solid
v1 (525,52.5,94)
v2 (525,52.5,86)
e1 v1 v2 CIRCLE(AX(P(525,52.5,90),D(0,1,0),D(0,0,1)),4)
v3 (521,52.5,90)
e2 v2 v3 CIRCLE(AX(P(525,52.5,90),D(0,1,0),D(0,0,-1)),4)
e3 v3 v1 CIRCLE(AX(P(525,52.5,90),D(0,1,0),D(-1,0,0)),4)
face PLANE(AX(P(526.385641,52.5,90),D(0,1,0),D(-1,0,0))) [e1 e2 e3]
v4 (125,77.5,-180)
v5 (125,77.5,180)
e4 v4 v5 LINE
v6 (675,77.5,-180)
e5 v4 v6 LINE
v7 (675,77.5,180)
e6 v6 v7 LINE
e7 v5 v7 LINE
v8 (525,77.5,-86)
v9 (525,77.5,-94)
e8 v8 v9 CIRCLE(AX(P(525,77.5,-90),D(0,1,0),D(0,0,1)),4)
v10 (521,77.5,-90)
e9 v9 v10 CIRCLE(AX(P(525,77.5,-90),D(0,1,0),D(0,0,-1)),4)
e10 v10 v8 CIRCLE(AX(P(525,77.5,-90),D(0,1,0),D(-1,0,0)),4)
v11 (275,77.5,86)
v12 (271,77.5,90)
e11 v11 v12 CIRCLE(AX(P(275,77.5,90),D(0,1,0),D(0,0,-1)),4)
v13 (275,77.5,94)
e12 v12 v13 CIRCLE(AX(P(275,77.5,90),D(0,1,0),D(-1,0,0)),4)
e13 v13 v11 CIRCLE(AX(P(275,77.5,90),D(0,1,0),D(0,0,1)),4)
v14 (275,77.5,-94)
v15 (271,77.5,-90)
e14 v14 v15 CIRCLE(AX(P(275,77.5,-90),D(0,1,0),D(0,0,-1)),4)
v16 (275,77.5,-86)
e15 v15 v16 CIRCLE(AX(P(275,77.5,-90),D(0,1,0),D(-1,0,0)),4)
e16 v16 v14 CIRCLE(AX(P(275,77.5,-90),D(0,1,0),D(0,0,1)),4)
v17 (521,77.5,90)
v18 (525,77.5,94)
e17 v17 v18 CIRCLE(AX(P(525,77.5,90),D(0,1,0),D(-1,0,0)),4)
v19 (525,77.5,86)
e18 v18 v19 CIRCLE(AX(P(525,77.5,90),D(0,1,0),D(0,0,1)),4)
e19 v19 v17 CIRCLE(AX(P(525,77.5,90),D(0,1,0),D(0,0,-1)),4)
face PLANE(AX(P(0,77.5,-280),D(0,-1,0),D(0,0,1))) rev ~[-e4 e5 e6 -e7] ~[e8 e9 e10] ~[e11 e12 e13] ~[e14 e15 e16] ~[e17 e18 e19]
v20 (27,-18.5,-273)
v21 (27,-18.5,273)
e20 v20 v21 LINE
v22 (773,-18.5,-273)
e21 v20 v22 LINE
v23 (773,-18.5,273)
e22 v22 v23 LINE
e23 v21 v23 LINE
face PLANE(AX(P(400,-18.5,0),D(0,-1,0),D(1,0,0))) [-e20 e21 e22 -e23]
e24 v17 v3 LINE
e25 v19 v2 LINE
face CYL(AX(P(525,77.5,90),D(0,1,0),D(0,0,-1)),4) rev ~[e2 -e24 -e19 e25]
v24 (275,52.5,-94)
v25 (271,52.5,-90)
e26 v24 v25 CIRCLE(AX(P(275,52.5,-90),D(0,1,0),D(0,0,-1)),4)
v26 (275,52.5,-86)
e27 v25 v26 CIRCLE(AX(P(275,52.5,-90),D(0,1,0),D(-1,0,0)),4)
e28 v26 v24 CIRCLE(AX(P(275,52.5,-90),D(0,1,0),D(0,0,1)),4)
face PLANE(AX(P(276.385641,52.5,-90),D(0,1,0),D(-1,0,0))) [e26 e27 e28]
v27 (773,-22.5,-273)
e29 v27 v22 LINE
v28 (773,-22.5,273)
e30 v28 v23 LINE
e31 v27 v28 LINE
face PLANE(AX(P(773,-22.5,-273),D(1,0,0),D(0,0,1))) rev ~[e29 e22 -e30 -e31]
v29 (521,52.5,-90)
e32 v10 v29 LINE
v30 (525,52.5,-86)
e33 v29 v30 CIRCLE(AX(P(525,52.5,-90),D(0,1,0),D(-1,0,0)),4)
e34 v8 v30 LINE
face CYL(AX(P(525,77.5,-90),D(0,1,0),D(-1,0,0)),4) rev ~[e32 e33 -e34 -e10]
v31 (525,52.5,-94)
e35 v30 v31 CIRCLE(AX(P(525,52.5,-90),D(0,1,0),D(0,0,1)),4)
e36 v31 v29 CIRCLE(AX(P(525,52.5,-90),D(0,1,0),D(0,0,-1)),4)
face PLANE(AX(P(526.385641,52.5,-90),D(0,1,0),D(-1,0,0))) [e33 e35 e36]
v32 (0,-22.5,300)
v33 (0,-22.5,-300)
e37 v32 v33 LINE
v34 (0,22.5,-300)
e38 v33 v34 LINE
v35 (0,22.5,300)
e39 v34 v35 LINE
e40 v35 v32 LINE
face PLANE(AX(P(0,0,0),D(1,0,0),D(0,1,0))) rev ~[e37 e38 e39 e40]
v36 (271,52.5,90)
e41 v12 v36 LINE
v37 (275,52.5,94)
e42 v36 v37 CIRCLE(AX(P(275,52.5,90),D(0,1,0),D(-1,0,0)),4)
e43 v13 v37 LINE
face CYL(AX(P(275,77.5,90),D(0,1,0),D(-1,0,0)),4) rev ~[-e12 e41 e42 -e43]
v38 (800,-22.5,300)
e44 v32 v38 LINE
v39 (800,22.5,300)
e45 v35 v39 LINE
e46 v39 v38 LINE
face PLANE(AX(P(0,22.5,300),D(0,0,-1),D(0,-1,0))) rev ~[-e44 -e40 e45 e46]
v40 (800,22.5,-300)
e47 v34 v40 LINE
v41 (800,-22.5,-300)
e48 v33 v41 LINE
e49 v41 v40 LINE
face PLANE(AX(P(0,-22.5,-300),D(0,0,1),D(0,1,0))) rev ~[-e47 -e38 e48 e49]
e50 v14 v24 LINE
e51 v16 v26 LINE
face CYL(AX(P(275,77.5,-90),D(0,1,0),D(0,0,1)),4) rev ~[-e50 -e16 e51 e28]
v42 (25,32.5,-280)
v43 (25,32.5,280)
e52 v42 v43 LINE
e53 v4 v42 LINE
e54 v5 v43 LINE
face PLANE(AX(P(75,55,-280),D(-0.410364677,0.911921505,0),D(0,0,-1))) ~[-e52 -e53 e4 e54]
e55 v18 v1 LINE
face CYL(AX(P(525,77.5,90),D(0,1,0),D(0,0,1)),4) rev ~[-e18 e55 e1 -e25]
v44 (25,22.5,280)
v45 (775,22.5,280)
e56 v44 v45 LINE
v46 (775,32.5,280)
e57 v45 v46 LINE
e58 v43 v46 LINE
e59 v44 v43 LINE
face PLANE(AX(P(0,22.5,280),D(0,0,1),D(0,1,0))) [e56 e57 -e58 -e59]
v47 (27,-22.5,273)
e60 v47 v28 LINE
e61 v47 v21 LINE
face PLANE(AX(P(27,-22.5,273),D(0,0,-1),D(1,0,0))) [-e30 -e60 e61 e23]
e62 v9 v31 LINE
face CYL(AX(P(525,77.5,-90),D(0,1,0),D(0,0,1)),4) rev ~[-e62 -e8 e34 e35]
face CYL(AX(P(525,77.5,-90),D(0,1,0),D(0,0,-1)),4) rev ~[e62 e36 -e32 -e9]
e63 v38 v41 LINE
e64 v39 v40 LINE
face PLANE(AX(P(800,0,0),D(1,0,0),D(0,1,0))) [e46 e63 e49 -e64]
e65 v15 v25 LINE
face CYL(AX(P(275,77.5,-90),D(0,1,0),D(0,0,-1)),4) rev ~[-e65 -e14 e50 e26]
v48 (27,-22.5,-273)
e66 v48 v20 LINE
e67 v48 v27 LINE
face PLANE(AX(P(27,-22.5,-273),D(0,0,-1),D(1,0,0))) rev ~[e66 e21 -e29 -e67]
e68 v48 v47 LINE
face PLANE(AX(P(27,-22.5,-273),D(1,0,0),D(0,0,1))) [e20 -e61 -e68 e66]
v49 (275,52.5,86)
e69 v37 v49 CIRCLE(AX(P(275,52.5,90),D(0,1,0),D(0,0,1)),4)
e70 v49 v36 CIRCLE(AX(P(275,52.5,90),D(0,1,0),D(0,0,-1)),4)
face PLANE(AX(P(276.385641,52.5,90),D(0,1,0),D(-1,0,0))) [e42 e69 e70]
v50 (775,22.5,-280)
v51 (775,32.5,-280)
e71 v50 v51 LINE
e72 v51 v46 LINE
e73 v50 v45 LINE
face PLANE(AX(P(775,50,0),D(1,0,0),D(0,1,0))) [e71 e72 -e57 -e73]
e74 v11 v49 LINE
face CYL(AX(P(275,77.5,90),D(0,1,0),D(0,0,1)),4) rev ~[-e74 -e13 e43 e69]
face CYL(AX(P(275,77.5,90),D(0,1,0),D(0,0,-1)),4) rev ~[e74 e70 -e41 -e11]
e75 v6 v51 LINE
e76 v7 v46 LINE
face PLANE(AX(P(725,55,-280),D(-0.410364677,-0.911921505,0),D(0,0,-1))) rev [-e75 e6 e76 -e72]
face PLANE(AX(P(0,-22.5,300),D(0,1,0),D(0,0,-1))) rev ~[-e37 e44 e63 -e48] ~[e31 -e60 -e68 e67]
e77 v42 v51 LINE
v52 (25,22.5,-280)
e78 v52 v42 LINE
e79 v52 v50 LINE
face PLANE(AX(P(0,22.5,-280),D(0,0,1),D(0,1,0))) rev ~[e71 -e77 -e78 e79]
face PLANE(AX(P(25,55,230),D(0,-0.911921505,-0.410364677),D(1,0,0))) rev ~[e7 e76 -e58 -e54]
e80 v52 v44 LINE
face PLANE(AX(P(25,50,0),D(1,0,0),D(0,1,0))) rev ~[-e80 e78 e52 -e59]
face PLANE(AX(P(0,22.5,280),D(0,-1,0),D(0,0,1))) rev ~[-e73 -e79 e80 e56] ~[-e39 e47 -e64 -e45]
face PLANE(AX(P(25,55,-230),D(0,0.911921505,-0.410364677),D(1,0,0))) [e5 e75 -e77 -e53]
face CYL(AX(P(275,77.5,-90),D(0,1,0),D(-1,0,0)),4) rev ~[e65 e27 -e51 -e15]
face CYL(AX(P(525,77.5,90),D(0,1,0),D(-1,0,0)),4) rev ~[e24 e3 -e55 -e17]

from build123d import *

# Parameters (mm, degrees)
F0_W     = 55
F0_H     = 560
F1_DEPTH = 800
F2_W     = 55
F2_H     = 560
F3_DEPTH = 25
F4_SIZE2 = 45
F4_SIZE  = 100
F5_W     = 746
F5_H     = 546
F6_DEPTH = 4
F8_DEPTH = 25


with BuildPart() as f1:
    # F0 (on Right) → F1 (new body)
    with BuildSketch(Plane.YZ):
        Polygon((22.5, 300), (-22.5, 300), (-22.5, -300), (22.5, -300), (22.5, -280), (22.5, 280), align=None)
        with Locations((50, 0)):
            Rectangle(F0_W, F0_H)
    extrude(amount=F1_DEPTH)

    # F2 (on face) + F0 (on Right) → F3 (cut, symmetric)
    with BuildSketch(Plane.YZ.offset(800)):
        with Locations((50, 0)):
            Rectangle(F2_W, F2_H)
    with BuildSketch(Plane.YZ):
        with Locations((50, 0)):
            Rectangle(F0_W, F0_H)
    extrude(amount=F3_DEPTH, both=True, mode=Mode.SUBTRACT)

    # F4
    f4_edges = [f1.edges().sort_by_distance(p)[0] for p in [
        (25, 77.5, 0),
        (400, 77.5, 280),
        (775, 77.5, 0),
        (400, 77.5, -280),
    ]]
    f4_side = f1.faces().sort_by_distance((400, 77.5, 0))[0]
    chamfer(f4_edges, length=F4_SIZE, length2=F4_SIZE2, reference=f4_side)

    # F5 (on face) → F6 (cut)
    with BuildSketch(Plane.XZ.offset(22.5)):
        with Locations((400, 0)):
            Rectangle(F5_W, F5_H)
    extrude(amount=-F6_DEPTH, mode=Mode.SUBTRACT)

    # F7 (on face) → F8 (cut)
    with BuildSketch(Plane(origin=(0, 77.5, 0), x_dir=(-1, 0, 0), z_dir=(0, 1, 0))):
        with BuildLine():
            ThreePointArc((-525, 94), (-529, 90), (-525, 86))
            Line((-525, 86), (-525, 94))
        make_face()
        with BuildLine():
            Line((-525, 94), (-525, 86))
            ThreePointArc((-525, 86), (-522.1715728753, 87.1715728753), (-521, 90))
            ThreePointArc((-521, 90), (-522.1715728753, 92.8284271247), (-525, 94))
        make_face()
        with BuildLine():
            ThreePointArc((-525, -86), (-529, -90), (-525, -94))
            Line((-525, -94), (-525, -86))
        make_face()
        with BuildLine():
            Line((-525, -86), (-525, -94))
            ThreePointArc((-525, -94), (-522.1715728753, -92.8284271247), (-521, -90))
            ThreePointArc((-521, -90), (-522.1715728753, -87.1715728753), (-525, -86))
        make_face()
        with BuildLine():
            ThreePointArc((-275, -86), (-279, -90), (-275, -94))
            Line((-275, -94), (-275, -86))
        make_face()
        with BuildLine():
            Line((-275, -86), (-275, -94))
            ThreePointArc((-275, -94), (-272.1715728753, -92.8284271247), (-271, -90))
            ThreePointArc((-271, -90), (-272.1715728753, -87.1715728753), (-275, -86))
        make_face()
        with BuildLine():
            ThreePointArc((-275, 94), (-279, 90), (-275, 86))
            Line((-275, 86), (-275, 94))
        make_face()
        with BuildLine():
            Line((-275, 94), (-275, 86))
            ThreePointArc((-275, 86), (-272.1715728753, 87.1715728753), (-271, 90))
            ThreePointArc((-271, 90), (-272.1715728753, 92.8284271247), (-275, 94))
        make_face()
    extrude(amount=-F8_DEPTH, mode=Mode.SUBTRACT)


solid = f1.part
